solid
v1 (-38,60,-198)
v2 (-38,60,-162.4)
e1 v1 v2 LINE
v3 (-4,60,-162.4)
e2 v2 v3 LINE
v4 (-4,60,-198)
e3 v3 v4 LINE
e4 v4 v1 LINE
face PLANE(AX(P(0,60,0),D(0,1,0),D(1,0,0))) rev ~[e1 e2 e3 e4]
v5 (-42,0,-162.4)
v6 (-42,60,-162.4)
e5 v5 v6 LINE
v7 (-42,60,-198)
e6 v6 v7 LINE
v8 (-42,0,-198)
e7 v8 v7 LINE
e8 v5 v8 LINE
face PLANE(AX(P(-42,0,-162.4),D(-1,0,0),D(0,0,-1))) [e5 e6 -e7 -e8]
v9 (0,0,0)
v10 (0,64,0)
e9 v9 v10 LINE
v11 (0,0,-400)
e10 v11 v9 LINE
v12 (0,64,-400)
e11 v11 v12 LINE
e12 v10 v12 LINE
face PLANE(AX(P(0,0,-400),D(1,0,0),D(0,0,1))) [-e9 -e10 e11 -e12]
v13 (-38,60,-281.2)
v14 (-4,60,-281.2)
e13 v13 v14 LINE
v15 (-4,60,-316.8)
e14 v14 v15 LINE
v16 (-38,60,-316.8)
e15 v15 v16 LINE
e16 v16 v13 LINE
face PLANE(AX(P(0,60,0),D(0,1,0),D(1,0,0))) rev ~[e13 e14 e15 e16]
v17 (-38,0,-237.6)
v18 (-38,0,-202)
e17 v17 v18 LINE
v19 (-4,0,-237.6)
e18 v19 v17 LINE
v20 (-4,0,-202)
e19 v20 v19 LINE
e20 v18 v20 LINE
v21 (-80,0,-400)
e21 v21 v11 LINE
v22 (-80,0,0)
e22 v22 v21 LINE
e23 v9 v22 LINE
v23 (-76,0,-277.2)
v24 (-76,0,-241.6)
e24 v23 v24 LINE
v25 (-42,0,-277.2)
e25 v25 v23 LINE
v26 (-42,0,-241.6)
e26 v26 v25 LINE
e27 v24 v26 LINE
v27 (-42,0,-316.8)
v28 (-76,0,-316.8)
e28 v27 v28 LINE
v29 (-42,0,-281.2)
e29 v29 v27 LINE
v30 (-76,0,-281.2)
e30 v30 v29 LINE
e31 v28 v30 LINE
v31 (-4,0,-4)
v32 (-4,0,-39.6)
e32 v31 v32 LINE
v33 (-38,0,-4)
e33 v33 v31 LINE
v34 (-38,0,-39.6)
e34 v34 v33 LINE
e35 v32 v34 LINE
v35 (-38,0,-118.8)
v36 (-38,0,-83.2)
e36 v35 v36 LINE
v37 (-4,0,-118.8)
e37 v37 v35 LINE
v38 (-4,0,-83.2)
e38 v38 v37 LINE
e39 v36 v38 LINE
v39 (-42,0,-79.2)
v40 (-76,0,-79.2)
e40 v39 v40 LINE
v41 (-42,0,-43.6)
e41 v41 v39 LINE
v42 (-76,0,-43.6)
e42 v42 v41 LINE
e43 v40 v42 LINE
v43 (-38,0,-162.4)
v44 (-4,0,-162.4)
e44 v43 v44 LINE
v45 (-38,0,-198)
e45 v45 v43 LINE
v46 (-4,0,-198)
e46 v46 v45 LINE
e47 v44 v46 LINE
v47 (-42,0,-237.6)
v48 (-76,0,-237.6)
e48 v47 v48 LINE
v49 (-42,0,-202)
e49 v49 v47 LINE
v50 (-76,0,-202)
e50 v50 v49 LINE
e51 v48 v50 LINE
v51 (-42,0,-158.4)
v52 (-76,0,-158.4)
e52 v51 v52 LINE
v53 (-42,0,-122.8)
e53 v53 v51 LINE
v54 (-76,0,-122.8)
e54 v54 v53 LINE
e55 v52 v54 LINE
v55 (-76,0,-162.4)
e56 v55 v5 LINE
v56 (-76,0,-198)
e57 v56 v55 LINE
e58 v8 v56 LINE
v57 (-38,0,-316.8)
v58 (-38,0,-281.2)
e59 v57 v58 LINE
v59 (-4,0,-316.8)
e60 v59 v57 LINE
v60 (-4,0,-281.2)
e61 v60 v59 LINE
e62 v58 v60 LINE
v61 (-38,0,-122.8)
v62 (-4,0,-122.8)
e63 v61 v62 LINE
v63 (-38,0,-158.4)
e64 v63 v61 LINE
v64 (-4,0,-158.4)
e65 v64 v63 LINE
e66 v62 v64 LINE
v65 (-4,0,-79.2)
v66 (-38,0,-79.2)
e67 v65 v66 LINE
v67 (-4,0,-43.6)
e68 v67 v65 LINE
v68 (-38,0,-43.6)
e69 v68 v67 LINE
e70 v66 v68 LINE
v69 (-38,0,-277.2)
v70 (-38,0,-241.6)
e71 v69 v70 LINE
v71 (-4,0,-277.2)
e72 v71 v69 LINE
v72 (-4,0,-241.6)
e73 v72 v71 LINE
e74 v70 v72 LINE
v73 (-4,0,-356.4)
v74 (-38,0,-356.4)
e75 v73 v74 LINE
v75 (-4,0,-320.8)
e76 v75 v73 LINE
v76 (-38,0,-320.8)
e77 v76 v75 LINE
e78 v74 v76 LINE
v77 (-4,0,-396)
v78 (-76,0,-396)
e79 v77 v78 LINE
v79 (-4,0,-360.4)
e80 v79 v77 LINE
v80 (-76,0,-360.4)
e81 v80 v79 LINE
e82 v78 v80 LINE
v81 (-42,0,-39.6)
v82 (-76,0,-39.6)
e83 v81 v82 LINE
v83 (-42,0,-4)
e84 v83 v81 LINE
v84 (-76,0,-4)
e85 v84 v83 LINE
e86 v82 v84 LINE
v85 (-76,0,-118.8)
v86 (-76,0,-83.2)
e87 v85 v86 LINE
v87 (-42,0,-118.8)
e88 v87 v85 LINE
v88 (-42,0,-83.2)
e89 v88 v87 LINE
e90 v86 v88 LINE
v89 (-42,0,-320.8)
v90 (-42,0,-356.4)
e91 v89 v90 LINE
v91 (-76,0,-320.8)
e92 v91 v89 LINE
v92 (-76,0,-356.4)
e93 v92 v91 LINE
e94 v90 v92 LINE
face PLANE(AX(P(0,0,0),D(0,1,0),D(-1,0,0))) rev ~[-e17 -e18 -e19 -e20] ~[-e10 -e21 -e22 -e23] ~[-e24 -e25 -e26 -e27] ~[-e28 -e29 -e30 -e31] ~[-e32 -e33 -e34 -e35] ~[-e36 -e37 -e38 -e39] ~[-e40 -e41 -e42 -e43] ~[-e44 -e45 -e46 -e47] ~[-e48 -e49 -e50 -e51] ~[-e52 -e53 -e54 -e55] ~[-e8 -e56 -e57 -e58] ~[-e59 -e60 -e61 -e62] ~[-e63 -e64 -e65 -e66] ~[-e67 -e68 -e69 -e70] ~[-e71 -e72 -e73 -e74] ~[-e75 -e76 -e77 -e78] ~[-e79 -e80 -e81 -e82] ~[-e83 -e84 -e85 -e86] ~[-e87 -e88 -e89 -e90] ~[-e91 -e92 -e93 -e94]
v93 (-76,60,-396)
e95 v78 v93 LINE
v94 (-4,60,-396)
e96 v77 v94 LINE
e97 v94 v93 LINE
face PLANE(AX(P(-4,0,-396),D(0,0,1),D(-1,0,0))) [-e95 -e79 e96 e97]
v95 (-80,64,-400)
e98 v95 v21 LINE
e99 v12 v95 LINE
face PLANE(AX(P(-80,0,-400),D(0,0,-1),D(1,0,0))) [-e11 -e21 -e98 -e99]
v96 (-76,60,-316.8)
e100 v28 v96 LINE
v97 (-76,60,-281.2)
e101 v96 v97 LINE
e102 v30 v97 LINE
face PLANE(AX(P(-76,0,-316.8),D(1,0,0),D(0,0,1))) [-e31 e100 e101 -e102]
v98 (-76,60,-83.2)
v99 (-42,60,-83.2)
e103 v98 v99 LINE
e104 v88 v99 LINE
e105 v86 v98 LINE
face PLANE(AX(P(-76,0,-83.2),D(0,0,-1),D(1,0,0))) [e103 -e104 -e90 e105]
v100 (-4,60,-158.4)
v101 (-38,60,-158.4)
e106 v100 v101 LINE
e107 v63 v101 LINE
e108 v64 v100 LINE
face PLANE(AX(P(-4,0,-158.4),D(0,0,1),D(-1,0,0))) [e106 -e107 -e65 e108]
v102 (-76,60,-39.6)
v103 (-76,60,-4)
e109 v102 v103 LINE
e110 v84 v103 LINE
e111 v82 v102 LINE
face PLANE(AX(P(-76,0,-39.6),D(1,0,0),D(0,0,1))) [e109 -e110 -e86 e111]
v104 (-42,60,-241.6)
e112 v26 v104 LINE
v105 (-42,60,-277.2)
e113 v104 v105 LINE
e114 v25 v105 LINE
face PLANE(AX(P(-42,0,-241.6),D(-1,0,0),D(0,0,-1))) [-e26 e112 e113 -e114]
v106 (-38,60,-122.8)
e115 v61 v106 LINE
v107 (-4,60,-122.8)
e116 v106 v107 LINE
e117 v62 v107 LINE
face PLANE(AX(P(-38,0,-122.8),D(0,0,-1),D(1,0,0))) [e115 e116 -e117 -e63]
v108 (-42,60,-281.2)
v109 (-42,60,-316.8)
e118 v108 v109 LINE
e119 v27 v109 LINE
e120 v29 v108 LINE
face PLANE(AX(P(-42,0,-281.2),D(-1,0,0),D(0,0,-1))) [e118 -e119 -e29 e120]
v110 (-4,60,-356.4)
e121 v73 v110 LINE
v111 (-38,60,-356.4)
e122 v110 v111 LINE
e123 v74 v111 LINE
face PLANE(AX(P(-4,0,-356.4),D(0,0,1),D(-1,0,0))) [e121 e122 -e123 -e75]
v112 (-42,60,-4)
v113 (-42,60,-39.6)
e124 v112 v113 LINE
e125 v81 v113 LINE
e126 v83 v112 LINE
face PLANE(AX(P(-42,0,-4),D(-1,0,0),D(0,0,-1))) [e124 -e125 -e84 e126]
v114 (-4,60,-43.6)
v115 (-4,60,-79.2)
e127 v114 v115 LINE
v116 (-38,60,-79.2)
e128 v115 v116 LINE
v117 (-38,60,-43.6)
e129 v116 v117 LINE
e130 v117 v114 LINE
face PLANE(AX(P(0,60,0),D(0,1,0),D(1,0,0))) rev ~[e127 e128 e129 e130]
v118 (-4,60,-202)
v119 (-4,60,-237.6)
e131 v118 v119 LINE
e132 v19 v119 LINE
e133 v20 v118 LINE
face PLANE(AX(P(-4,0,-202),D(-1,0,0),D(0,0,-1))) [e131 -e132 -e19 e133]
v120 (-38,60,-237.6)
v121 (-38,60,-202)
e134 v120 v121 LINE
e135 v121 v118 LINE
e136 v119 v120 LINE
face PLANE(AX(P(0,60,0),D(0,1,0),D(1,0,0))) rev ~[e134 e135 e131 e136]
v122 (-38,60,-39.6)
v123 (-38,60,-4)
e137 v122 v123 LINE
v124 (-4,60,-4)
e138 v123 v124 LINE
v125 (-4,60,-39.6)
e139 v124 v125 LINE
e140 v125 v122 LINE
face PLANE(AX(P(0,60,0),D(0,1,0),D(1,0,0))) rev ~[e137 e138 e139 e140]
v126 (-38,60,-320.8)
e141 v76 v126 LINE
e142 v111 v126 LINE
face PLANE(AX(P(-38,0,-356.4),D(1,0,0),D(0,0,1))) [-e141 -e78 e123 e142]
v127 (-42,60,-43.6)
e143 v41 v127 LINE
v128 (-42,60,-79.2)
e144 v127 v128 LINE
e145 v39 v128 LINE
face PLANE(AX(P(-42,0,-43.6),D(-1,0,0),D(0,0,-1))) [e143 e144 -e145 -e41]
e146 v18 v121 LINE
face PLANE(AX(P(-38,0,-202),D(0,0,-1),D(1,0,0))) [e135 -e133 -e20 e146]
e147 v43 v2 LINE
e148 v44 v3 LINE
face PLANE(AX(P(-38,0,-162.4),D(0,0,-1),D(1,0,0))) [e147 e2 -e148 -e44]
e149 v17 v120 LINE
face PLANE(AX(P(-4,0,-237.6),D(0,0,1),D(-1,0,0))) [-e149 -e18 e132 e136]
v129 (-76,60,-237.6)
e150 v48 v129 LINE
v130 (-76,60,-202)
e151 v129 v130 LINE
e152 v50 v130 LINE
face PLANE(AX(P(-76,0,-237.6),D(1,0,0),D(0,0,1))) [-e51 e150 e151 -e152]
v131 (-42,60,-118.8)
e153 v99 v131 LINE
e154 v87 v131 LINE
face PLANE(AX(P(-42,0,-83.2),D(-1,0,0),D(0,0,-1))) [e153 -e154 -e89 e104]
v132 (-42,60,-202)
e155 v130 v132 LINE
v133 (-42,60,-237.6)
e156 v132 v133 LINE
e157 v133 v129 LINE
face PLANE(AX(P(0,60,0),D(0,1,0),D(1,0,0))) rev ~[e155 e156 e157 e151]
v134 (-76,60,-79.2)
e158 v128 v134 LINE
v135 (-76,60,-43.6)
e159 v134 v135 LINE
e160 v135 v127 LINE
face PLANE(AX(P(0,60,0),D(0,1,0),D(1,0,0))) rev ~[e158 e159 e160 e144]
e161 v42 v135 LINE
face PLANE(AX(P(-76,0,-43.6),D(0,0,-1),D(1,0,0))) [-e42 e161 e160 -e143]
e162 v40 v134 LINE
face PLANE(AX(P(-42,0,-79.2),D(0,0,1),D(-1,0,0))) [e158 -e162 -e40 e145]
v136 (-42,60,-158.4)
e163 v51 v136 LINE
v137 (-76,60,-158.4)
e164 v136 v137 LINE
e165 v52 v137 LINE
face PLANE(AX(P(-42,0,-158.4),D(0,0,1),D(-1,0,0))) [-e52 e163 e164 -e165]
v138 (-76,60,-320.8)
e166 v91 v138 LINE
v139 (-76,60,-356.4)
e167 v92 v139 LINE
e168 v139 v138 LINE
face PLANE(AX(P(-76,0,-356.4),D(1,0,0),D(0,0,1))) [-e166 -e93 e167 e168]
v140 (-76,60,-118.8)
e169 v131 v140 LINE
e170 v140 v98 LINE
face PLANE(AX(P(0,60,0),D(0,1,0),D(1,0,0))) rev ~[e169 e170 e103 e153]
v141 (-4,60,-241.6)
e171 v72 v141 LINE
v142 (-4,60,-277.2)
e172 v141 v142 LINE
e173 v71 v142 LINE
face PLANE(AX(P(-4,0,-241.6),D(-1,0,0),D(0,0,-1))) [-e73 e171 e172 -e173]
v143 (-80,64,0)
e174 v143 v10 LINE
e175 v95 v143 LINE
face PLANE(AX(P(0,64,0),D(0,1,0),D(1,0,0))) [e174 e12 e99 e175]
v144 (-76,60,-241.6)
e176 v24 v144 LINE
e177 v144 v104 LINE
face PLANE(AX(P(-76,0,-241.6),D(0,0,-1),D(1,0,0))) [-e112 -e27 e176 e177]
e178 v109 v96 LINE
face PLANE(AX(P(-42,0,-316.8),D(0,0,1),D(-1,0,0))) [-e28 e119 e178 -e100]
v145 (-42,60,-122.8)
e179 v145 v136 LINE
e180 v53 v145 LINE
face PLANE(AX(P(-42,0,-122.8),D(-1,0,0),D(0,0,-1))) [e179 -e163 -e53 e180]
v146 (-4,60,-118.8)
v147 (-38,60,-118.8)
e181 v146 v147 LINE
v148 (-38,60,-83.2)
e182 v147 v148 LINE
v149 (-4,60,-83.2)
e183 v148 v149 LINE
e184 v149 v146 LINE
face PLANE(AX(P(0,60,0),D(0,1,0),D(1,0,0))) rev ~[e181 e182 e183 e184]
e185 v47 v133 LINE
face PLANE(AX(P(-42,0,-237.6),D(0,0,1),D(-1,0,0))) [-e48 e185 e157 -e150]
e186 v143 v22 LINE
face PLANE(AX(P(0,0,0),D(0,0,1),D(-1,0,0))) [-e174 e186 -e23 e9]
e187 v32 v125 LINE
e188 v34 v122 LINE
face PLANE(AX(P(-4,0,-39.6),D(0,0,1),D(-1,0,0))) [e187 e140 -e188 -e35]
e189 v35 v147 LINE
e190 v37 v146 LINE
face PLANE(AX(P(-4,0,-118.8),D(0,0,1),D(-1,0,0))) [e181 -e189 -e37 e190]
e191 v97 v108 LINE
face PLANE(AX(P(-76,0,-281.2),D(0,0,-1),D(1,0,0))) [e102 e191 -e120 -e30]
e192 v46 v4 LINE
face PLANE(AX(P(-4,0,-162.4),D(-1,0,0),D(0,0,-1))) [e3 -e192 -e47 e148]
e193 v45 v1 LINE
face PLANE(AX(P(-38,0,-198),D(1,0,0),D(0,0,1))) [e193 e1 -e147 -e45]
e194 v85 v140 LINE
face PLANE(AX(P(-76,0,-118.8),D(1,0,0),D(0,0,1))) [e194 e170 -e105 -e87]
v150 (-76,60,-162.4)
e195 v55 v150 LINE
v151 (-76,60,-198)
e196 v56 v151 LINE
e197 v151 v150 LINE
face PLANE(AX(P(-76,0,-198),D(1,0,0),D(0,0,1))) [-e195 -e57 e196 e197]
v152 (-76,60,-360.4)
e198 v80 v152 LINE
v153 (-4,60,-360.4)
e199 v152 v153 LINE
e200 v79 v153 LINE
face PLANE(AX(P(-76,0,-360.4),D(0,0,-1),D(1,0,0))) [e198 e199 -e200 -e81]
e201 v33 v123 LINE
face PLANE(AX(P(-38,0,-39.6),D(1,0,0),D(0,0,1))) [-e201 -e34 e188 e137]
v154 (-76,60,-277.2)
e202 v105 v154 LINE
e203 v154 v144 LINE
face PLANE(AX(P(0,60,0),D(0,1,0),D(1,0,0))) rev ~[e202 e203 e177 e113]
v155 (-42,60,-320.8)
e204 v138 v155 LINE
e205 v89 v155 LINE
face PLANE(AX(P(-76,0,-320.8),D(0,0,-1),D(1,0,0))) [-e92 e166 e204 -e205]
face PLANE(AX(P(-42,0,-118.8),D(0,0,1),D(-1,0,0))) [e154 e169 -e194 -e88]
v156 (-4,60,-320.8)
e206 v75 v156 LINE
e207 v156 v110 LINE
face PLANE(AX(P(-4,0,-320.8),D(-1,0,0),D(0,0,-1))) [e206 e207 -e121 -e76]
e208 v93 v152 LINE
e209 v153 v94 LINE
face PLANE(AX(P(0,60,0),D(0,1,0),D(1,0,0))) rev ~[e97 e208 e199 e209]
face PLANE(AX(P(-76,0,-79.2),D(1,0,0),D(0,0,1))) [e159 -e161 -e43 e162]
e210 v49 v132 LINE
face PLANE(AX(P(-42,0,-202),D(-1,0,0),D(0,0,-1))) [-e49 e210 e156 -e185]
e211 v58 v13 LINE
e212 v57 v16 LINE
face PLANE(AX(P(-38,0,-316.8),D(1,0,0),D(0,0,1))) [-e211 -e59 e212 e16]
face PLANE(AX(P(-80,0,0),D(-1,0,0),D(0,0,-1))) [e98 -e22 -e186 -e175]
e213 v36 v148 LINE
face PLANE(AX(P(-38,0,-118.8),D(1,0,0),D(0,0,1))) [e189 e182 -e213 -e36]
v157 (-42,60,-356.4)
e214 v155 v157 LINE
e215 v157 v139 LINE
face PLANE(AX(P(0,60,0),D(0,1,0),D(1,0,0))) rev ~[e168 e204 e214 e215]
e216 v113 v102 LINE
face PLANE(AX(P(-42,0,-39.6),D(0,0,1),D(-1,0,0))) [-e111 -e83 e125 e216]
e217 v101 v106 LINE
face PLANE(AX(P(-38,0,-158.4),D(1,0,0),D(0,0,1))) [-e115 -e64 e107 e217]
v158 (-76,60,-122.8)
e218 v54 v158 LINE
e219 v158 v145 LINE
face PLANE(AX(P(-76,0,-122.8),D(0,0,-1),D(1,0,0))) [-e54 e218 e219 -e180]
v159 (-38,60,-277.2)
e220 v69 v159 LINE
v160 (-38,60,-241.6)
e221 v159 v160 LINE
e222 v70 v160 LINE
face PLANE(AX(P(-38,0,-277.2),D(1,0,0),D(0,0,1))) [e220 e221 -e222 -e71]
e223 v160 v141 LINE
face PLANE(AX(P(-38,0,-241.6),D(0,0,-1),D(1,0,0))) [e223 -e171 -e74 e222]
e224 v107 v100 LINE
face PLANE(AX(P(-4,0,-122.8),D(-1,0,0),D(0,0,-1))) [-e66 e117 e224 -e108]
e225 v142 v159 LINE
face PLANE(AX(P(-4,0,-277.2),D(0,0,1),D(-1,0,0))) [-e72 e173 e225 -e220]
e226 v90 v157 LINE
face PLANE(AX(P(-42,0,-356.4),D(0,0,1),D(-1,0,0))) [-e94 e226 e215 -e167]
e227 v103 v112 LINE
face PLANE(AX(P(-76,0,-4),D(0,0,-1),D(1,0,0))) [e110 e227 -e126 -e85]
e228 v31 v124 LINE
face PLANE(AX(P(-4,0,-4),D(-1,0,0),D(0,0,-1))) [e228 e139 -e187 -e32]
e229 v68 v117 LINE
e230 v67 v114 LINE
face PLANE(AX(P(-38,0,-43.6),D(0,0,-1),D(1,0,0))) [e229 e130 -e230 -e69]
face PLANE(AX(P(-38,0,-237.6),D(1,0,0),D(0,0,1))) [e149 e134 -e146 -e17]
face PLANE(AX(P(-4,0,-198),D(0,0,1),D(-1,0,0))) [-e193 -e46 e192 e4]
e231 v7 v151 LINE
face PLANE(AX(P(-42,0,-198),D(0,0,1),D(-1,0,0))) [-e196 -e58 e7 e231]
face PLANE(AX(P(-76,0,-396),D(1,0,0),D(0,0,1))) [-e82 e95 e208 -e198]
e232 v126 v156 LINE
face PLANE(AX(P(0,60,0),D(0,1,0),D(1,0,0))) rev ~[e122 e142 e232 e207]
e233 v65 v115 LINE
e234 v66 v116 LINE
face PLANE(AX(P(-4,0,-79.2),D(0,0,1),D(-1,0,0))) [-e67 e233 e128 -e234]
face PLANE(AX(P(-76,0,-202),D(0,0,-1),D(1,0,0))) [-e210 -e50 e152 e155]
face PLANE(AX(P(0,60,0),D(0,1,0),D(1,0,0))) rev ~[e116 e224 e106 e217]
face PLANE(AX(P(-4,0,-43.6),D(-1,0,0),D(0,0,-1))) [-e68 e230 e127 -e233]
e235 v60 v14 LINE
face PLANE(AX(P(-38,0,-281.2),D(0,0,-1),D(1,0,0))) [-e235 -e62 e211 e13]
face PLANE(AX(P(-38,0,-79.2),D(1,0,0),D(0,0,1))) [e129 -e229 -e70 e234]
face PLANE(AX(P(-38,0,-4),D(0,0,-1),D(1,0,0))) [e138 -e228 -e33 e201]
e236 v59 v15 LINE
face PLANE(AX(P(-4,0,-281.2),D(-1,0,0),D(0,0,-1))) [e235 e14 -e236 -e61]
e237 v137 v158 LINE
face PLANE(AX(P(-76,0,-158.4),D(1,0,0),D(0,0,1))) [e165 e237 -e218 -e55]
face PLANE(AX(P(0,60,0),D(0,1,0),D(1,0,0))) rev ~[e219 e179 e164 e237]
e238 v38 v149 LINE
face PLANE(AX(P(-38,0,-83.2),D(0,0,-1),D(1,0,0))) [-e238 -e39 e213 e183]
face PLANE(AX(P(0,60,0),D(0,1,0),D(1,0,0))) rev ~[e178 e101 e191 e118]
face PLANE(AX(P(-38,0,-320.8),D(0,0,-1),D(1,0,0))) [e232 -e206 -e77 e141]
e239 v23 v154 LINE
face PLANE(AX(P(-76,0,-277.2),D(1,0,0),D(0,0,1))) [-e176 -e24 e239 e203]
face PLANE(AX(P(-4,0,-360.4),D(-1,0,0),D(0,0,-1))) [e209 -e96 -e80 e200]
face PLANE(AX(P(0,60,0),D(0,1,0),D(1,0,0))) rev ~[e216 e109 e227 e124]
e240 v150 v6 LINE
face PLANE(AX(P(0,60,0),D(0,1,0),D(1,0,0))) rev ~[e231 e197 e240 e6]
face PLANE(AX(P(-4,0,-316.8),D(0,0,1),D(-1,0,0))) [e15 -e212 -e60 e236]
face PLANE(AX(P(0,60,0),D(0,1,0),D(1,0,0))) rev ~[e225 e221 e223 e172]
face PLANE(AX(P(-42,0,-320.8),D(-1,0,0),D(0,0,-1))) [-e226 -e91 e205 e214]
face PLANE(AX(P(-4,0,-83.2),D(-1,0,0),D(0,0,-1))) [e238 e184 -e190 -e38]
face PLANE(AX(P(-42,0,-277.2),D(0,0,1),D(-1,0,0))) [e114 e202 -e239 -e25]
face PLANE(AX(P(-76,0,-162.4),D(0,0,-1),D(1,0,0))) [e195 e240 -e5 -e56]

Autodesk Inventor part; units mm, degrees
ref_plane "YZ Plane" through (0, 0, 0) normal (1, 0, 0) x (0, 1, 0)
ref_plane "XZ Plane" through (0, 0, 0) normal (0, 1, 0) x (-1, 0, 0)
ref_plane "XY Plane" through (0, 0, 0) normal (0, 0, 1) x (1, 0, 0)
sketch "Sketch1" plane through (0, 0, 0) normal (0, 1, 0) x (-1, 0, 0)
  line L0 (0, 0) -> (80, 0)
  line L1 (80, 0) -> (80, -400)
  line L2 (80, -400) -> (0, -400)
  line L3 (0, -400) -> (0, 0)
  line L4 (76, -4) -> (42, -4)
  line L5 (42, -4) -> (42, -39.6)
  line L6 (42, -39.6) -> (76, -39.6)
  line L7 (76, -39.6) -> (76, -4)
  line L8 (76, -43.6) -> (42, -43.6)
  line L9 (42, -43.6) -> (42, -79.2)
  line L10 (42, -79.2) -> (76, -79.2)
  line L11 (76, -79.2) -> (76, -43.6)
  line L12 (76, -83.2) -> (42, -83.2)
  line L13 (42, -83.2) -> (42, -118.8)
  line L14 (42, -118.8) -> (76, -118.8)
  line L15 (76, -118.8) -> (76, -83.2)
  line L16 (76, -122.8) -> (42, -122.8)
  line L17 (42, -122.8) -> (42, -158.4)
  line L18 (42, -158.4) -> (76, -158.4)
  line L19 (76, -158.4) -> (76, -122.8)
  line L20 (76, -162.4) -> (42, -162.4)
  line L21 (42, -162.4) -> (42, -198)
  line L22 (42, -198) -> (76, -198)
  line L23 (76, -198) -> (76, -162.4)
  line L24 (76, -202) -> (42, -202)
  line L25 (42, -202) -> (42, -237.6)
  line L26 (42, -237.6) -> (76, -237.6)
  line L27 (76, -237.6) -> (76, -202)
  line L28 (76, -241.6) -> (42, -241.6)
  line L29 (42, -241.6) -> (42, -277.2)
  line L30 (42, -277.2) -> (76, -277.2)
  line L31 (76, -277.2) -> (76, -241.6)
  line L32 (76, -281.2) -> (42, -281.2)
  line L33 (42, -281.2) -> (42, -316.8)
  line L34 (42, -316.8) -> (76, -316.8)
  line L35 (76, -316.8) -> (76, -281.2)
  line L36 (76, -320.8) -> (42, -320.8)
  line L37 (42, -320.8) -> (42, -356.4)
  line L38 (42, -356.4) -> (76, -356.4)
  line L39 (76, -356.4) -> (76, -320.8)
  line L40 (38, -4) -> (4, -4)
  line L41 (4, -4) -> (4, -39.6)
  line L42 (4, -39.6) -> (38, -39.6)
  line L43 (38, -39.6) -> (38, -4)
  line L44 (38, -43.6) -> (4, -43.6)
  line L45 (4, -43.6) -> (4, -79.2)
  line L46 (4, -79.2) -> (38, -79.2)
  line L47 (38, -79.2) -> (38, -43.6)
  line L48 (38, -83.2) -> (4, -83.2)
  line L49 (4, -83.2) -> (4, -118.8)
  line L50 (4, -118.8) -> (38, -118.8)
  line L51 (38, -118.8) -> (38, -83.2)
  line L52 (38, -122.8) -> (4, -122.8)
  line L53 (4, -122.8) -> (4, -158.4)
  line L54 (4, -158.4) -> (38, -158.4)
  line L55 (38, -158.4) -> (38, -122.8)
  line L56 (38, -162.4) -> (4, -162.4)
  line L57 (4, -162.4) -> (4, -198)
  line L58 (4, -198) -> (38, -198)
  line L59 (38, -198) -> (38, -162.4)
  line L60 (38, -202) -> (4, -202)
  line L61 (4, -202) -> (4, -237.6)
  line L62 (4, -237.6) -> (38, -237.6)
  line L63 (38, -237.6) -> (38, -202)
  line L64 (38, -241.6) -> (4, -241.6)
  line L65 (4, -241.6) -> (4, -277.2)
  line L66 (4, -277.2) -> (38, -277.2)
  line L67 (38, -277.2) -> (38, -241.6)
  line L68 (38, -281.2) -> (4, -281.2)
  line L69 (4, -281.2) -> (4, -316.8)
  line L70 (4, -316.8) -> (38, -316.8)
  line L71 (38, -316.8) -> (38, -281.2)
  line L72 (38, -320.8) -> (4, -320.8)
  line L73 (4, -320.8) -> (4, -356.4)
  line L74 (4, -356.4) -> (38, -356.4)
  line L75 (38, -356.4) -> (38, -320.8)
  line L76 (76, -360.4) -> (4, -360.4)
  line L77 (4, -360.4) -> (4, -396)
  line L78 (4, -396) -> (76, -396)
  line L79 (76, -396) -> (76, -360.4)
  dimension "d0" = 80
  dimension "d1" = 400
  dimension "d2" = 4
  dimension "d3" = 4
  dimension "d4" = 34
  dimension "d5" = 35.6
  dimension "d8" = 39.6
  dimension "d11" = 38
  dimension "d14" = 4
  dimension "d15" = 4
  dimension "d16" = 4
  dimension "d17" = 4
extrude "Extrusion1" add sketch "Sketch1" along normal blind 60
sketch "Sketch2" plane through (0, 60, 0) normal (0, 1, 0) x (1, 0, 0)
  line L0 (-80, 0) -> (0, 0) projected
  line L1 (0, 400) -> (-80, 400) projected
  line L2 (-80, 0) -> (0, 0)
  line L3 (0, 0) -> (0, 400)
  line L4 (0, 400) -> (-80, 400)
  line L5 (-80, 400) -> (-80, 0)
extrude "Extrusion2" add sketch "Sketch2" along normal blind 4
properties part number "Contenedor Sólido" material "ABS Plastic"
